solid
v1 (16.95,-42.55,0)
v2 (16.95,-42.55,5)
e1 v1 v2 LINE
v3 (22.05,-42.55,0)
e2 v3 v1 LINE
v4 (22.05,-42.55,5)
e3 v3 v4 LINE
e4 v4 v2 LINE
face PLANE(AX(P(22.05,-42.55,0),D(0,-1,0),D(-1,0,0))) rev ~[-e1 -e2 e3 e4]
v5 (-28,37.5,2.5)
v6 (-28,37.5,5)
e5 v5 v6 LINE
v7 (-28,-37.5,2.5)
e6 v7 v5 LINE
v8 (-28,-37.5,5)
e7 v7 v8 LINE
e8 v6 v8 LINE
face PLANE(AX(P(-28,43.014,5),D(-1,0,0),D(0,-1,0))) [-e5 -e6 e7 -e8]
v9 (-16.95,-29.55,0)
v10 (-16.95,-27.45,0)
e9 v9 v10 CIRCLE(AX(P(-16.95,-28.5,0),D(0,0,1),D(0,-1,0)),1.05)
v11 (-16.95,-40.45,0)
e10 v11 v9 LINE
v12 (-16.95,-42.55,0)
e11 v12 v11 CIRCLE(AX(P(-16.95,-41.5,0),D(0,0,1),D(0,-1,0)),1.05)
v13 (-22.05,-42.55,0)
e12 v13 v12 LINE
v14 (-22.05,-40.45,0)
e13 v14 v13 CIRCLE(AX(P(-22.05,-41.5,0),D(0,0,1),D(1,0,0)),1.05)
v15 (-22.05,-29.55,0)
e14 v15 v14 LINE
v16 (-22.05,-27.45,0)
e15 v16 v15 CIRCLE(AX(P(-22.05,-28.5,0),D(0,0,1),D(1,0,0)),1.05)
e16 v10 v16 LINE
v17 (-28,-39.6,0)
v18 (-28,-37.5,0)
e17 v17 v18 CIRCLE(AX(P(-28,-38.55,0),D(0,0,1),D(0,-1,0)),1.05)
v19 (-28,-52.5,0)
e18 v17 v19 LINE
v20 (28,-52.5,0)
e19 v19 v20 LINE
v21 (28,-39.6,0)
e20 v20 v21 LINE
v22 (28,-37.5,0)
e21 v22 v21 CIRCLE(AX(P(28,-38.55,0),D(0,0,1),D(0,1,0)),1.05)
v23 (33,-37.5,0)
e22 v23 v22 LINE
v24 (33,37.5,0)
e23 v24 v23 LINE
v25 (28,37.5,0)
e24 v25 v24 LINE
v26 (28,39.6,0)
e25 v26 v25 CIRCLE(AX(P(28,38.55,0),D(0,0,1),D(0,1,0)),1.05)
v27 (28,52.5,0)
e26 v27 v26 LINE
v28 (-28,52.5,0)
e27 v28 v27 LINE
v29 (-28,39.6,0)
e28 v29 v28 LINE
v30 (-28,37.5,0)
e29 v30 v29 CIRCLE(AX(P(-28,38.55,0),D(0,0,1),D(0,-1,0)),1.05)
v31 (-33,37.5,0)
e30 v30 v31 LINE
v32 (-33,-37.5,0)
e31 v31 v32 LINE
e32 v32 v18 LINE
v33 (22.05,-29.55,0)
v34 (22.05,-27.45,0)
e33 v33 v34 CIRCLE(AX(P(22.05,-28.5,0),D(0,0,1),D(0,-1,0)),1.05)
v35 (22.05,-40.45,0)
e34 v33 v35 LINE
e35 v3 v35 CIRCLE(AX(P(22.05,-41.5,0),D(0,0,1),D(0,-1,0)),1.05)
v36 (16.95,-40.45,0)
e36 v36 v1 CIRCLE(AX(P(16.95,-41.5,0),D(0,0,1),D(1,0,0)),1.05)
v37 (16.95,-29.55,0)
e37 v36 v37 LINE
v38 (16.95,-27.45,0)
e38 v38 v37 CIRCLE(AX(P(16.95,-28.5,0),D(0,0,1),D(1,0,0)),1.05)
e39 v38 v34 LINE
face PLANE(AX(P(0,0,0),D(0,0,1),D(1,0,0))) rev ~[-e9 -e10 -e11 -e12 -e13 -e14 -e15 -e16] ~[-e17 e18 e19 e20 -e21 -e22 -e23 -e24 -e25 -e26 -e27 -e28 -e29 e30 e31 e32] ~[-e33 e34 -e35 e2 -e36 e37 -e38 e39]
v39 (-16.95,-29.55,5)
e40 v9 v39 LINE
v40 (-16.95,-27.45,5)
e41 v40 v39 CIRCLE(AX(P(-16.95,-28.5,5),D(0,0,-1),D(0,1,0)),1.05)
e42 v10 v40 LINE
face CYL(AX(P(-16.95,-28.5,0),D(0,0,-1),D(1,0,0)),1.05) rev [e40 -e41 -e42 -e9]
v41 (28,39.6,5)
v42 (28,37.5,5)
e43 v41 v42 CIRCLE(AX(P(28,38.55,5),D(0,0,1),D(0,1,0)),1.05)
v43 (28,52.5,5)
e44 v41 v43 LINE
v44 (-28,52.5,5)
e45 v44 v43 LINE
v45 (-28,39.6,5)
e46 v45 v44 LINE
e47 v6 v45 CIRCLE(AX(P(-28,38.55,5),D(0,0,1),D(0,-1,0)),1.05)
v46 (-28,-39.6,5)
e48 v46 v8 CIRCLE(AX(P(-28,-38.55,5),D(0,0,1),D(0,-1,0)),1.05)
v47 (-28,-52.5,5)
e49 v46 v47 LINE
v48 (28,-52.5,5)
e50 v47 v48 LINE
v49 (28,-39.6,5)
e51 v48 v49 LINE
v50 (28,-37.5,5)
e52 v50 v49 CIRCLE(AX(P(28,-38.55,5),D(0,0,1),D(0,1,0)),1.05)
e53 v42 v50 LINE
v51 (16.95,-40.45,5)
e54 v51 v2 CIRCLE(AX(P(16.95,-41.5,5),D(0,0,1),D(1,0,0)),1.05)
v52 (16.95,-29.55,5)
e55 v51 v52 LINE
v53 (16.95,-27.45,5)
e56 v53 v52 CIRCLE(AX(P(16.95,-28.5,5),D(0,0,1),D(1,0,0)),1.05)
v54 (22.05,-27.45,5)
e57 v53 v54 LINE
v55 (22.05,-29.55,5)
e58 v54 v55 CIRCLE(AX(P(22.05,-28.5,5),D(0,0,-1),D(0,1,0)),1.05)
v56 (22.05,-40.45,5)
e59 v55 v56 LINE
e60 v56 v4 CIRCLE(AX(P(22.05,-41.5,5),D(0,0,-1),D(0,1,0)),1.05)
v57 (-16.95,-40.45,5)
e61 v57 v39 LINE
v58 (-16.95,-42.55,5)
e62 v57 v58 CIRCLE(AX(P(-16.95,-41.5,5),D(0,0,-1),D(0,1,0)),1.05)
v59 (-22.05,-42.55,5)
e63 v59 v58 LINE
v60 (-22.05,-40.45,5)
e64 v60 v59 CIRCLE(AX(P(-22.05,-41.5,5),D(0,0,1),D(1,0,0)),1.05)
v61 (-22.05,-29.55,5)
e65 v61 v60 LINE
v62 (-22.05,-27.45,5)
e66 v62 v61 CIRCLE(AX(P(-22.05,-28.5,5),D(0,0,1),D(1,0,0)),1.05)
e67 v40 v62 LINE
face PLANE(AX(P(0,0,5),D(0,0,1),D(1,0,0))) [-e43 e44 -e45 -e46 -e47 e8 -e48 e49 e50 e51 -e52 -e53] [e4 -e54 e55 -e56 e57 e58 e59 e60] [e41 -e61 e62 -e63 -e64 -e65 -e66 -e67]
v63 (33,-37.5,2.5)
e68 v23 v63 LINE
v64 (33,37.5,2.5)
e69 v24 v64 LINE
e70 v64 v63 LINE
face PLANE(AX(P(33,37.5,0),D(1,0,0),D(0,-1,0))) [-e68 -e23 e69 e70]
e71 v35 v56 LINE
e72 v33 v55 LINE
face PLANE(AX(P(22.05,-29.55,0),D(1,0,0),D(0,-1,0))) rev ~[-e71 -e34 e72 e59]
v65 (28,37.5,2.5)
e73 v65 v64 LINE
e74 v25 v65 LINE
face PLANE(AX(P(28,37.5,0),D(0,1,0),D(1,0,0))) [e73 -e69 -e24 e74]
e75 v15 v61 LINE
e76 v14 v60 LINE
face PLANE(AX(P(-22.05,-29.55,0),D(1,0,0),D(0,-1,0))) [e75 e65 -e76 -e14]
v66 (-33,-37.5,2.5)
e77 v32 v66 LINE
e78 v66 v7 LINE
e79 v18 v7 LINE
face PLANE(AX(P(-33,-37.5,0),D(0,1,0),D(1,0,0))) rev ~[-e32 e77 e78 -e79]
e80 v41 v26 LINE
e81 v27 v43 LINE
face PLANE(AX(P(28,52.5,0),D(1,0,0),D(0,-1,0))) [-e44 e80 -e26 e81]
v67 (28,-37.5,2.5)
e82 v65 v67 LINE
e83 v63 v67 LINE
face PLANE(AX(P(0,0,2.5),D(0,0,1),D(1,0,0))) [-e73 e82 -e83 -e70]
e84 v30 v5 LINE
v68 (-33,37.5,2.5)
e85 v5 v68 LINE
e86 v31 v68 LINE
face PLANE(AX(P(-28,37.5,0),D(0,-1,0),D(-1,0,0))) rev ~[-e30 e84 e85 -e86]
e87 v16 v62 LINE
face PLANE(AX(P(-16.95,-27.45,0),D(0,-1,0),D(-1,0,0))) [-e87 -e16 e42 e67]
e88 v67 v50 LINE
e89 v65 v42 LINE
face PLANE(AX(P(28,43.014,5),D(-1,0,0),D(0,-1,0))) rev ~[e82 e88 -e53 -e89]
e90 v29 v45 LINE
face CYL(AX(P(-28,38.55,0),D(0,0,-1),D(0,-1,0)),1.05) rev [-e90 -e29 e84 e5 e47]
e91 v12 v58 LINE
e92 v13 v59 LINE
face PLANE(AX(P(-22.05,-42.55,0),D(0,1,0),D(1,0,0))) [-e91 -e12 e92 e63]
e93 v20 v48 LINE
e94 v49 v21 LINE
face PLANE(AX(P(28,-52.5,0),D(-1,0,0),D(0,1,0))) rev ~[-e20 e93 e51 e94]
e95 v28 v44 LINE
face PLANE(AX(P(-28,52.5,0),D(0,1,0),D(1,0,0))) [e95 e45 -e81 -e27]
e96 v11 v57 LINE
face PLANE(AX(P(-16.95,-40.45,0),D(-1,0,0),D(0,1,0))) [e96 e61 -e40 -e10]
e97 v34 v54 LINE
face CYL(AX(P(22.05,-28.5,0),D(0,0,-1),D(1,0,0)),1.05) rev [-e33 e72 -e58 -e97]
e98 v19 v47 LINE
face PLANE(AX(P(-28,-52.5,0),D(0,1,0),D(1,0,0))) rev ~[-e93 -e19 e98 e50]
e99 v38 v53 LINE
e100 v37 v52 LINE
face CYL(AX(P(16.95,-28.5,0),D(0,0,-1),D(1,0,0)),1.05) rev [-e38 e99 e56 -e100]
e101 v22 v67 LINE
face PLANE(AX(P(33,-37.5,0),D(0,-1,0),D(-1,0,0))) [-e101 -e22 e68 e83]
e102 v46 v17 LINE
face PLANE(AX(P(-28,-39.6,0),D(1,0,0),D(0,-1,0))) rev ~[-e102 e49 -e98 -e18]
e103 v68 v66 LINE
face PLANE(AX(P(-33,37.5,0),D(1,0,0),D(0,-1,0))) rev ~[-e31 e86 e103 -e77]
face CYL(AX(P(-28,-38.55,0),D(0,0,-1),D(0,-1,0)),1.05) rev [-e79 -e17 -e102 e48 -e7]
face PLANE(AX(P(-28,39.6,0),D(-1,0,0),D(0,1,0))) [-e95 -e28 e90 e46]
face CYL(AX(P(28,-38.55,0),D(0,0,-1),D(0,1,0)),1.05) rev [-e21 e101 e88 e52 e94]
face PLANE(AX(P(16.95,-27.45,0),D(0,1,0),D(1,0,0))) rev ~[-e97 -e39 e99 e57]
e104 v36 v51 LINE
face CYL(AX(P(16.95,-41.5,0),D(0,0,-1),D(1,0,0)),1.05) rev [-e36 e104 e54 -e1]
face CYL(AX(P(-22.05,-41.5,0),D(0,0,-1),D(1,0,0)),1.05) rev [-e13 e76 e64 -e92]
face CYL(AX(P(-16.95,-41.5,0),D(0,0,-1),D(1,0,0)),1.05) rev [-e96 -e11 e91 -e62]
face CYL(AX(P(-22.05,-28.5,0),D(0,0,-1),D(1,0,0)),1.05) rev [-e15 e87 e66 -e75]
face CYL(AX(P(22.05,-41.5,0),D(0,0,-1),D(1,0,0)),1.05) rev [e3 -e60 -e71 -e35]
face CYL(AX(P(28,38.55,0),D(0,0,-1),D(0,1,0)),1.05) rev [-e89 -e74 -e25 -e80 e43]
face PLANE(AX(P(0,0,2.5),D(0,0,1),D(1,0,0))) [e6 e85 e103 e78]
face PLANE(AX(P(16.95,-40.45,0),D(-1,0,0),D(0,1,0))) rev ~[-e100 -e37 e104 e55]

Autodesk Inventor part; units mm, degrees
ref_plane "YZ Plane" through (0, 0, 0) normal (1, 0, 0) x (0, 1, 0)
ref_plane "XZ Plane" through (0, 0, 0) normal (0, 1, 0) x (-1, 0, 0)
ref_plane "XY Plane" through (0, 0, 0) normal (0, 0, 1) x (1, 0, 0)
sketch "スケッチ1" plane through (0, 0, 0) normal (0, 0, 1) x (1, 0, 0)
  line L0 (-28, -52.5) -> (28, -52.5) construction
  line L1 (28, -52.5) -> (28, 52.5) construction
  line L2 (28, 52.5) -> (-28, 52.5) construction
  line L3 (-28, 52.5) -> (-28, -52.5) construction
  line L4 (-28, -52.5) -> (28, 52.5) construction
  line L5 (28, -52.5) -> (-28, 52.5) construction
  line L6 (-28, 39.6) -> (-28, 52.5)
  line L7 (-28, 52.5) -> (28, 52.5)
  line L8 (28, 52.5) -> (28, 39.6)
  line L9 (-28, 37.5) -> (-33, 37.5)
  line L10 (-33, 37.5) -> (-33, -37.5)
  line L11 (-33, -37.5) -> (-28, -37.5)
  line L12 (-28, -39.6) -> (-28, -52.5)
  line L13 (-28, -52.5) -> (28, -52.5)
  line L14 (28, -52.5) -> (28, -39.6)
  line L15 (28, 37.5) -> (33, 37.5)
  line L16 (33, 37.5) -> (33, -37.5)
  line L17 (33, -37.5) -> (28, -37.5)
  arc A0 (-28, 37.5) -> (-28, 39.6) centre (-28, 38.55) ccw
  arc A1 (-28, -39.6) -> (-28, -37.5) centre (-28, -38.55) ccw
  arc A2 (28, -37.5) -> (28, -39.6) centre (28, -38.55) ccw
  line L18 (0, 0) -> (0, 52.5) construction
  line L19 (0, 0) -> (28, 0) construction
  arc A3 (28, 39.6) -> (28, 37.5) centre (28, 38.55) ccw
  line L20 (-24.5, 44.5) -> (24.5, 44.5) construction
  line L21 (24.5, 44.5) -> (24.5, -13.5) construction
  line L22 (24.5, -13.5) -> (-24.5, -13.5) construction
  line L23 (-24.5, -13.5) -> (-24.5, 44.5) construction
  line L24 (-24.5, 44.5) -> (24.5, -13.5) construction
  line L25 (24.5, 44.5) -> (-24.5, -13.5) construction
  circle A4 centre (-24.5, 44.5) radius 1.04
  circle A5 centre (-24.5, -13.5) radius 1.04
  circle A6 centre (24.5, -13.5) radius 1.04
  circle A7 centre (24.5, 44.5) radius 1.04
  line L26 (-22, -27.5) -> (-17, -27.5) construction
  line L27 (-17, -27.5) -> (-17, -42.5) construction
  line L28 (-17, -42.5) -> (-22, -42.5) construction
  line L29 (-22, -42.5) -> (-22, -27.5) construction
  circle A8 centre (-19.5, -21.5) radius 1.55
  circle A9 centre (-19.5, -48.5) radius 1.55
  line L30 (-17, -35) -> (-22, -35) construction
  line L31 (-22, -17.5) -> (-17, -17.5) construction
  line L32 (-17, -17.5) -> (-17, -52.5) construction
  line L33 (-17, -52.5) -> (-22, -52.5) construction
  line L34 (-22, -52.5) -> (-22, -17.5) construction
  circle A10 centre (-19.5, -48.5) radius 3 construction
  line L35 (-16.95, -27.45) -> (-22.05, -27.45)
  line L36 (-22.05, -27.45) -> (-22.05, -42.55)
  line L37 (-22.05, -42.55) -> (-16.95, -42.55)
  line L38 (-16.95, -42.55) -> (-16.95, -27.45)
  circle A11 centre (-22.05, -28.5) radius 1.05
  circle A12 centre (-16.95, -28.5) radius 1.05
  circle A13 centre (-22.05, -41.5) radius 1.05
  circle A14 centre (-16.95, -41.5) radius 1.05
  circle A15 centre (19.5, -21.5) radius 1.55
  circle A16 centre (19.5, -48.5) radius 1.55
  line L39 (16.95, -27.45) -> (22.05, -27.45)
  line L40 (22.05, -27.45) -> (22.05, -42.55)
  line L41 (22.05, -42.55) -> (16.95, -42.55)
  line L42 (16.95, -42.55) -> (16.95, -27.45)
  circle A17 centre (22.05, -28.5) radius 1.05
  circle A18 centre (16.95, -28.5) radius 1.05
  circle A19 centre (22.05, -41.5) radius 1.05
  circle A20 centre (16.95, -41.5) radius 1.05
  point P0 (0, 15.5)
  point P1 (0, 15.5)
  point P2 (0, 0)
  point P3 (-19.5, -35)
  point P4 (-19.5, -17.5)
  dimension "d93" = 2.1
  dimension "d9" = 56
  dimension "d12" = 105
  dimension "d13" = 15
  dimension "d39" = 15
  dimension "d40" = 1.05
  dimension "d41" = 5
  dimension "d52" = 2.08
  dimension "d53" = 49
  dimension "d54" = 58
  dimension "d55" = 8
  dimension "d73" = 35
  dimension "d83" = 5
  dimension "d87" = 3.1
  dimension "d88" = 10
  dimension "d89" = 27
  dimension "d90" = 6
  dimension "d91" = 22
  dimension "d92" = 0.05
extrude "押し出し1" add sketch "スケッチ1" along normal blind 5
sketch "スケッチ2" plane through (0, 0, 5) normal (0, 0, 1) x (1, 0, 0)
  line L0 (-28, 52.5) -> (-28, 39.6) projected
  line L1 (28, 52.5) -> (-28, 52.5) projected
  line L2 (-67.7785, 43.014) -> (-28, 43.014)
  line L3 (-28, 43.014) -> (-28, -43.014)
  line L4 (-28, -43.014) -> (-67.7785, -43.014)
  line L5 (-67.7785, -43.014) -> (-67.7785, 43.014)
  line L6 (67.7785, 43.014) -> (28, 43.014)
  line L7 (28, 43.014) -> (28, -43.014)
  line L8 (28, -43.014) -> (67.7785, -43.014)
  line L9 (67.7785, -43.014) -> (67.7785, 43.014)
  line L10 (0, 0) -> (0, 52.5) construction
  line L11 (0, 0) -> (33, 0) construction
  line L12 (33, 37.5) -> (33, -37.5) construction
extrude "押し出し2" cut sketch "スケッチ2" against normal blind 2.5
sketch "スケッチ5" plane through (0, 0, 0) normal (0, 0, -1) x (-1, 0, 0)
  circle A0 centre (-24.5, 44.5) radius 1.04 projected
  circle A1 centre (-24.5, 44.5) radius 1.04
  circle A2 centre (24.5, 44.5) radius 1.04 projected
  circle A3 centre (24.5, 44.5) radius 1.04
  circle A4 centre (24.5, -13.5) radius 1.04 projected
  circle A5 centre (24.5, -13.5) radius 1.04
  circle A6 centre (-24.5, -13.5) radius 1.04 projected
  circle A7 centre (-24.5, -13.5) radius 1.04
  circle A8 centre (-19.5, -21.5) radius 1.55 projected
  circle A9 centre (-19.5, -21.5) radius 1.55
  circle A10 centre (19.5, -21.5) radius 1.55 projected
  circle A11 centre (19.5, -21.5) radius 1.55
  circle A12 centre (-19.5, -48.5) radius 1.55 projected
  circle A13 centre (-19.5, -48.5) radius 1.55
  circle A14 centre (19.5, -48.5) radius 1.55 projected
  circle A15 centre (19.5, -48.5) radius 1.55
  point P0 (0, 0)
extrude "押し出し5" add sketch "スケッチ5" against normal up to surface (5 mm away)
equation "\"d12\" = d19"
equation "\"d13\" = d26"
equation "\"d39\" = d27"
equation "\"d55\" = d69"
equation "\"d73\" = d1_1_2 + 2 * d2_1"
equation "\"d88\" = d2_1"
equation "\"d19\" = 105"
equation "\"d26\" = 15"
equation "\"d27\" = 15"
equation "\"d69\" = 8"
equation "\"d1_1_2\" = 15"
equation "\"d2_1\" = 10"
properties part number "コックピット_2_サブフレーム_1" material "アセタール樹脂、黒"
